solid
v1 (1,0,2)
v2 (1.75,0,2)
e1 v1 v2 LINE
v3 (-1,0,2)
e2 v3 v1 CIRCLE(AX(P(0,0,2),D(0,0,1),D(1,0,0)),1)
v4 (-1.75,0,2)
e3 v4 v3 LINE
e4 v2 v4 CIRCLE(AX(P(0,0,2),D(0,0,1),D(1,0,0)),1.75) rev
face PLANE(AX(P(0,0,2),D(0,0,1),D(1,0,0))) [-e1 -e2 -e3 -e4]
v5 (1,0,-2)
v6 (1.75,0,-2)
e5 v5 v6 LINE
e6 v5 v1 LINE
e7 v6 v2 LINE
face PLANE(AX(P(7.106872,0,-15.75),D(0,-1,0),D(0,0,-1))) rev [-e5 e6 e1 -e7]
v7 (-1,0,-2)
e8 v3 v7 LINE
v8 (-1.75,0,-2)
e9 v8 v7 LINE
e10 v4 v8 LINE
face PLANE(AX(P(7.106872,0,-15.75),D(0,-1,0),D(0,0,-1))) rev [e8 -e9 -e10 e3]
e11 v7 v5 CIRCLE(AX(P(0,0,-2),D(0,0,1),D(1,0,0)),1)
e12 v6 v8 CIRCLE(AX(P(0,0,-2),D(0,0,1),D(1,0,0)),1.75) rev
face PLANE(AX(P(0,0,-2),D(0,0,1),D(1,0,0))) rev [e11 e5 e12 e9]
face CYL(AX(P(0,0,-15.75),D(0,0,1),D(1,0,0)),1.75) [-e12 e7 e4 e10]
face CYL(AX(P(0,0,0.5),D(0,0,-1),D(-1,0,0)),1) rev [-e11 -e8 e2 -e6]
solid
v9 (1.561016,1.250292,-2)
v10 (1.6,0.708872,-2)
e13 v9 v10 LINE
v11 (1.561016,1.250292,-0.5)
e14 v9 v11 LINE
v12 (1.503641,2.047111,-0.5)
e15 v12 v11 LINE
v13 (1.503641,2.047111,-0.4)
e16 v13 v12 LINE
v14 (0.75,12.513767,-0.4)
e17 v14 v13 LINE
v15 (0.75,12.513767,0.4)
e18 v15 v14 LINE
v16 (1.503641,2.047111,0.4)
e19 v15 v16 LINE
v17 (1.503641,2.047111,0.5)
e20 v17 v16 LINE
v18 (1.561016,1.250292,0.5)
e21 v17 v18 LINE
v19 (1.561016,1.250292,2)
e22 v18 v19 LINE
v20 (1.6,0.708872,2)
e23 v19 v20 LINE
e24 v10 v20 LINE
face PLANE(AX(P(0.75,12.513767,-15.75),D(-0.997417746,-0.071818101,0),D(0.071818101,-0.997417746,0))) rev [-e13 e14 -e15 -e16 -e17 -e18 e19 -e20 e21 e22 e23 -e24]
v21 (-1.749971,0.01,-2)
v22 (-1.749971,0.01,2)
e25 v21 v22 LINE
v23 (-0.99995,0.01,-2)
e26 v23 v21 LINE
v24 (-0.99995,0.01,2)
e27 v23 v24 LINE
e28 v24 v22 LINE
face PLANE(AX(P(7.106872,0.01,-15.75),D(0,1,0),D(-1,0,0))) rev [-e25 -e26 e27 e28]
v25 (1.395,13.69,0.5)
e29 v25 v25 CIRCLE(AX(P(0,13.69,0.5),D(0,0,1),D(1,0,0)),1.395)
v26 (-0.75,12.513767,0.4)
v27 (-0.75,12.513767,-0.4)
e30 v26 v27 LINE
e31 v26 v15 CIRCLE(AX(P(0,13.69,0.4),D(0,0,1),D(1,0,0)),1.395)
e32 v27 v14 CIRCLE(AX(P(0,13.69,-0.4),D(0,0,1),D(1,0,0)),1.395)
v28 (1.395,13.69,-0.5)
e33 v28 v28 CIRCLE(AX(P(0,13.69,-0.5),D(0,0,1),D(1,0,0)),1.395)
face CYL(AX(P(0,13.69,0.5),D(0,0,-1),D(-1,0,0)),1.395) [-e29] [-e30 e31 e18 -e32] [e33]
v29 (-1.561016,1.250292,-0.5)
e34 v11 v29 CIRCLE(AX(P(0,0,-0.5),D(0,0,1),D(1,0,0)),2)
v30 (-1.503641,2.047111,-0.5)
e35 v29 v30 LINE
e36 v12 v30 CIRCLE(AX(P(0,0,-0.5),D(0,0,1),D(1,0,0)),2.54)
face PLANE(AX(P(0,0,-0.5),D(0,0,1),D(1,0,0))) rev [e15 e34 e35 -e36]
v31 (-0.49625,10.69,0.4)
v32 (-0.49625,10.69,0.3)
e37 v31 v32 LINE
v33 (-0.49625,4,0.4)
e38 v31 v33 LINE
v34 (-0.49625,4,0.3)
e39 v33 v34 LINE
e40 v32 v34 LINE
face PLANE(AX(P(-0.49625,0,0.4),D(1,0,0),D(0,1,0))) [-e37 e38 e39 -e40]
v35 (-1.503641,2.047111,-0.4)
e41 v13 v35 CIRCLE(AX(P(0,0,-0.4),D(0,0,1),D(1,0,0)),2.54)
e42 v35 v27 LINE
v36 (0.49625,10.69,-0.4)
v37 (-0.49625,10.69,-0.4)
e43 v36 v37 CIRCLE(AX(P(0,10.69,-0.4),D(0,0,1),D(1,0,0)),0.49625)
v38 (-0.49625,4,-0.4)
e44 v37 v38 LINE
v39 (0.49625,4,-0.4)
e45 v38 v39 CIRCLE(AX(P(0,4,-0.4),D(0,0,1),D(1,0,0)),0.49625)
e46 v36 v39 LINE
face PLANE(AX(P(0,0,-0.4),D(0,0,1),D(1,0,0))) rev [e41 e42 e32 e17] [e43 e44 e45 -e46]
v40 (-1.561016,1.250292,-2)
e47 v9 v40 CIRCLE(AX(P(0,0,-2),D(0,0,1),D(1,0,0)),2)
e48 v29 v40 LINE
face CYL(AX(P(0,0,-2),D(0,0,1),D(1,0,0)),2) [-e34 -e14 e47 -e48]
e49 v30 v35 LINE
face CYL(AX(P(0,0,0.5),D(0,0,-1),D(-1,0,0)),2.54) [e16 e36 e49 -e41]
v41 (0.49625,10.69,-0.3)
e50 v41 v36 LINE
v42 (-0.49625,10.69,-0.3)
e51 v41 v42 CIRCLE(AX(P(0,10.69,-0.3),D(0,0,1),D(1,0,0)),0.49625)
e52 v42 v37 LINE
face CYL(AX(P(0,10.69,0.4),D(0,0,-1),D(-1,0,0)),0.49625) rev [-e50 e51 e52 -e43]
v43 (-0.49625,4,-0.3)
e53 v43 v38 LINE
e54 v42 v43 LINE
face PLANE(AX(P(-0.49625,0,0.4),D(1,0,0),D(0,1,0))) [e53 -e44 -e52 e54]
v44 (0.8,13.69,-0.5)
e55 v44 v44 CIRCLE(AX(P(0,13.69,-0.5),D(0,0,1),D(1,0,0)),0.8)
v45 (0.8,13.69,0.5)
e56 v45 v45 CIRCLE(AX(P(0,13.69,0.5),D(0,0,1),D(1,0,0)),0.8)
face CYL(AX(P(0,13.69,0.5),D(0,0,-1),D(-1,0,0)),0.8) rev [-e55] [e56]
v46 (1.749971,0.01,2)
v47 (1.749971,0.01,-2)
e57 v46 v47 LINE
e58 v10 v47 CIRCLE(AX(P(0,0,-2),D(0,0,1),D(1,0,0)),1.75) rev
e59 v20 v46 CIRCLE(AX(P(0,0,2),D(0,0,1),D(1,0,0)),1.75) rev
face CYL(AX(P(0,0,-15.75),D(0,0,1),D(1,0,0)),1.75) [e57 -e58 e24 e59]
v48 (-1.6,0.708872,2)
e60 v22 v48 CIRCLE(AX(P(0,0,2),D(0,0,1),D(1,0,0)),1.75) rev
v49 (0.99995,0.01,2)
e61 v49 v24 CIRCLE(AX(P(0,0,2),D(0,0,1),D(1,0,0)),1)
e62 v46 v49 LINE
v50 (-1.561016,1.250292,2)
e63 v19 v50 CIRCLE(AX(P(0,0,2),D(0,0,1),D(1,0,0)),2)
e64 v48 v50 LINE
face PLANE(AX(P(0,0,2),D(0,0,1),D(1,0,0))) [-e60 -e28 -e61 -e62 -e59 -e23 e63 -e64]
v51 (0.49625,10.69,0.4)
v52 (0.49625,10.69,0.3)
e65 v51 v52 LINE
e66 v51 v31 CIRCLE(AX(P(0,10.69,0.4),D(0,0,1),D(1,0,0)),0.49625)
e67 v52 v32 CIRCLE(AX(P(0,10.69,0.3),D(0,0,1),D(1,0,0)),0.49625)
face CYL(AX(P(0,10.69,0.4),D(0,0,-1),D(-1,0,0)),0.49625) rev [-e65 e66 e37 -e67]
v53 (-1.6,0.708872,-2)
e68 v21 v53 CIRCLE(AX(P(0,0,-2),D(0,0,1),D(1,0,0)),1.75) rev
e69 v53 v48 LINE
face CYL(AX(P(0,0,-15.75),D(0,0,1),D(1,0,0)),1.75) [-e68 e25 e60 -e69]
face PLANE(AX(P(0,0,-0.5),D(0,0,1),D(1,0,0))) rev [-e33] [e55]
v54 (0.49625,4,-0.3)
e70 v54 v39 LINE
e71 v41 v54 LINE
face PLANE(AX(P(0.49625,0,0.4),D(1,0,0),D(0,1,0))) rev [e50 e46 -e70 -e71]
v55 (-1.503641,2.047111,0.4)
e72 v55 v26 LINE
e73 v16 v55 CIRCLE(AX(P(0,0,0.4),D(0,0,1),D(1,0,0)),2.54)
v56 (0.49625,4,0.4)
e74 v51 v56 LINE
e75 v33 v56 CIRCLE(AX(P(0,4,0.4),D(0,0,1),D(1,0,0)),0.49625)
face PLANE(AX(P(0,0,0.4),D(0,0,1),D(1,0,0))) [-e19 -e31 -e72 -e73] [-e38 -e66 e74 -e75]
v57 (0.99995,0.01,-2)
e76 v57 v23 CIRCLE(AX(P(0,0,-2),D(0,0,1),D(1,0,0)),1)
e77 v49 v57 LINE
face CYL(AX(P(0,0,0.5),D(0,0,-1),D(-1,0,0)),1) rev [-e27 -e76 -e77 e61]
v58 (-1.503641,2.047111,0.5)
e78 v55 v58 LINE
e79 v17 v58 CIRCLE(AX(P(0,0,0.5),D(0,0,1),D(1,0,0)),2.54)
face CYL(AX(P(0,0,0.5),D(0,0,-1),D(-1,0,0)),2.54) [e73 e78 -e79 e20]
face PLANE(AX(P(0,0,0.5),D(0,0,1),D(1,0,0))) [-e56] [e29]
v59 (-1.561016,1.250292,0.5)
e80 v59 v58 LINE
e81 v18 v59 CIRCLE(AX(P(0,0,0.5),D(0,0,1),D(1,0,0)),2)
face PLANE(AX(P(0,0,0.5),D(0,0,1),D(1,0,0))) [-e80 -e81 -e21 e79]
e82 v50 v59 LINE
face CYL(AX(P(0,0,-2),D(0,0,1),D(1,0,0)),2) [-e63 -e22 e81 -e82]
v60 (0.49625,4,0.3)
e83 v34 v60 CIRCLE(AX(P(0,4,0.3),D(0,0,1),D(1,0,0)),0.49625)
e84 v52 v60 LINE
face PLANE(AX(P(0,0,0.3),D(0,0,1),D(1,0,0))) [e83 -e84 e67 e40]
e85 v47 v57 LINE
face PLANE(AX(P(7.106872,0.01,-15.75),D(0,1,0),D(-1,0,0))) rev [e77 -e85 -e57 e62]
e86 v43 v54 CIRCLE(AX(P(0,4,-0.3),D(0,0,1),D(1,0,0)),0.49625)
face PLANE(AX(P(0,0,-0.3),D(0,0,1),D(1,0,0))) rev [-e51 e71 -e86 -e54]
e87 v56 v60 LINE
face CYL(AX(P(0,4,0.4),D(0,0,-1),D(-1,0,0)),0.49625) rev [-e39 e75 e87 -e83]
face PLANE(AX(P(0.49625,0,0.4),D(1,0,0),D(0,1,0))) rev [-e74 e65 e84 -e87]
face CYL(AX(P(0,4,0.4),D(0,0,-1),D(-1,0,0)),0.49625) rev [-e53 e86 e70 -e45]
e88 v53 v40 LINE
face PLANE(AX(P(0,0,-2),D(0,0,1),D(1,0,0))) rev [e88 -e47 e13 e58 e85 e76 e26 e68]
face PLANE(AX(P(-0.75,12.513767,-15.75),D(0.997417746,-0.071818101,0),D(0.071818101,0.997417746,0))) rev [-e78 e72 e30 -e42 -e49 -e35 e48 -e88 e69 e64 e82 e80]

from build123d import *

# Parameters (mm, degrees)
SKETCH1_R                = 1.395
SKETCH1_R_2              = 0.8
BOSS_EXTRUDE1_DEPTH      = 0.5
SKETCH1_R_3              = 2.54
SKETCH1_R_4              = 1
BOSS_EXTRUDE1_2_DEPTH    = 0.5
BOSS_EXTRUDE2_DEPTH      = 0.4
BOSS_EXTRUDE3_DEPTH      = 0.3
BOSS_EXTRUDE4_DEPTH      = 1.5
BOSS_EXTRUDE4_DEPTH_BACK = 2.5
SKETCH2_R                = 2
SKETCH2_R_2              = 1
CUT_EXTRUDE1_DEPTH       = 15.75
SKETCH4_W                = 11.932822614
SKETCH4_H                = 0.01
CUT_EXTRUDE2_DEPTH       = 15.75


with BuildPart() as part:
    # Sketch1 → Boss-Extrude1 (new, symmetric)
    with BuildSketch(Plane.XY):
        with Locations((0, 13.69)):
            Circle(SKETCH1_R)
        with Locations((0, 13.69)):
            Circle(SKETCH1_R_2, mode=Mode.SUBTRACT)
    extrude(amount=BOSS_EXTRUDE1_DEPTH, both=True)



with BuildPart() as body_2:
    # Sketch1 → Boss-Extrude1 2 (new, symmetric)
    with BuildSketch(Plane.XY):
        Circle(SKETCH1_R_3)
        Circle(SKETCH1_R_4, mode=Mode.SUBTRACT)
    extrude(amount=BOSS_EXTRUDE1_2_DEPTH, both=True)


with BuildPart() as part_1:
    add(part.part)

    add(body_2.part)  # Boss-Extrude2 merges body 2
    # Sketch1<3> → Boss-Extrude2 (add, symmetric)
    with BuildSketch(Plane.XY):
        with BuildLine():
            ThreePointArc((0.75, 12.513766605), (0, 12.295), (-0.75, 12.513766605))
            Line((-0.75, 12.513766605), (-1.65, 1.931087776))
            ThreePointArc((-1.65, 1.931087776), (0, 2.54), (1.65, 1.931087776))
            Line((1.65, 1.931087776), (0.75, 12.513766605))
        make_face()
        with BuildLine():
            ThreePointArc((-0.496250448, 10.69), (0, 11.186250448), (0.496250448, 10.69))
            Line((0.496250448, 10.69), (0.496250448, 4))
            ThreePointArc((0.496250448, 4), (0, 3.503749552), (-0.496250448, 4))
            Line((-0.496250448, 4), (-0.496250448, 10.69))
        make_face(mode=Mode.SUBTRACT)
    extrude(amount=BOSS_EXTRUDE2_DEPTH, both=True)

    # Sketch1<4> → Boss-Extrude3 (add, symmetric)
    with BuildSketch(Plane.XY):
        with BuildLine():
            Line((0.496250448, 4), (0.496250448, 10.69))
            ThreePointArc((0.496250448, 10.69), (0, 11.186250448), (-0.496250448, 10.69))
            Line((-0.496250448, 10.69), (-0.496250448, 4))
            ThreePointArc((-0.496250448, 4), (0, 3.503749552), (0.496250448, 4))
        make_face()
    extrude(amount=BOSS_EXTRUDE3_DEPTH, both=True)

    # Sketch2 → Boss-Extrude4 (add, two sides: drawn at the far end of the back side and taken through both)
    with BuildSketch(Plane.XY.offset(0.5).offset(-BOSS_EXTRUDE4_DEPTH_BACK)):
        Circle(SKETCH2_R)
        Circle(SKETCH2_R_2, mode=Mode.SUBTRACT)
    extrude(amount=BOSS_EXTRUDE4_DEPTH + BOSS_EXTRUDE4_DEPTH_BACK)

    # Sketch3 → Cut-Extrude1 (cut, symmetric)
    with BuildSketch(Plane.XY):
        with BuildLine():
            Line((-2.441497921, 2.507805395), (-0.75, 12.513766605))
            Line((-0.75, 12.513766605), (-1.6, 0.708872344))
            ThreePointArc((-1.6, 0.708872344), (0, -1.75), (1.6, 0.708872344))
            Line((1.6, 0.708872344), (0.75, 12.513766605))
            Line((0.75, 12.513766605), (2.441497921, 2.507805395))
            ThreePointArc((2.441497921, 2.507805395), (0, -3.5), (-2.441497921, 2.507805395))
        make_face()
    extrude(amount=CUT_EXTRUDE1_DEPTH, both=True, mode=Mode.SUBTRACT)

    # Sketch4 → Cut-Extrude2 (cut, symmetric)
    with BuildSketch(Plane.XY):
        with Locations((1.140460914, 0.005)):
            Rectangle(SKETCH4_W, SKETCH4_H)
    extrude(amount=CUT_EXTRUDE2_DEPTH, both=True, mode=Mode.SUBTRACT)


with BuildPart() as cut_extrude2_piece_1:
    # of the separate pieces the step leaves, piece 1, a body of its own (cut_extrude2_pieces)
    add(part_1.part.solids().sort_by_distance((1.503641437, 2.047110751, -0.5))[0])


with BuildPart() as cut_extrude2_piece_2:
    # of the separate pieces the step leaves, piece 2, a body of its own (cut_extrude2_pieces)
    add(part_1.part.solids().sort_by_distance((-1.75, 0, 2))[0])


solid = Compound([cut_extrude2_piece_1.part, cut_extrude2_piece_2.part])
